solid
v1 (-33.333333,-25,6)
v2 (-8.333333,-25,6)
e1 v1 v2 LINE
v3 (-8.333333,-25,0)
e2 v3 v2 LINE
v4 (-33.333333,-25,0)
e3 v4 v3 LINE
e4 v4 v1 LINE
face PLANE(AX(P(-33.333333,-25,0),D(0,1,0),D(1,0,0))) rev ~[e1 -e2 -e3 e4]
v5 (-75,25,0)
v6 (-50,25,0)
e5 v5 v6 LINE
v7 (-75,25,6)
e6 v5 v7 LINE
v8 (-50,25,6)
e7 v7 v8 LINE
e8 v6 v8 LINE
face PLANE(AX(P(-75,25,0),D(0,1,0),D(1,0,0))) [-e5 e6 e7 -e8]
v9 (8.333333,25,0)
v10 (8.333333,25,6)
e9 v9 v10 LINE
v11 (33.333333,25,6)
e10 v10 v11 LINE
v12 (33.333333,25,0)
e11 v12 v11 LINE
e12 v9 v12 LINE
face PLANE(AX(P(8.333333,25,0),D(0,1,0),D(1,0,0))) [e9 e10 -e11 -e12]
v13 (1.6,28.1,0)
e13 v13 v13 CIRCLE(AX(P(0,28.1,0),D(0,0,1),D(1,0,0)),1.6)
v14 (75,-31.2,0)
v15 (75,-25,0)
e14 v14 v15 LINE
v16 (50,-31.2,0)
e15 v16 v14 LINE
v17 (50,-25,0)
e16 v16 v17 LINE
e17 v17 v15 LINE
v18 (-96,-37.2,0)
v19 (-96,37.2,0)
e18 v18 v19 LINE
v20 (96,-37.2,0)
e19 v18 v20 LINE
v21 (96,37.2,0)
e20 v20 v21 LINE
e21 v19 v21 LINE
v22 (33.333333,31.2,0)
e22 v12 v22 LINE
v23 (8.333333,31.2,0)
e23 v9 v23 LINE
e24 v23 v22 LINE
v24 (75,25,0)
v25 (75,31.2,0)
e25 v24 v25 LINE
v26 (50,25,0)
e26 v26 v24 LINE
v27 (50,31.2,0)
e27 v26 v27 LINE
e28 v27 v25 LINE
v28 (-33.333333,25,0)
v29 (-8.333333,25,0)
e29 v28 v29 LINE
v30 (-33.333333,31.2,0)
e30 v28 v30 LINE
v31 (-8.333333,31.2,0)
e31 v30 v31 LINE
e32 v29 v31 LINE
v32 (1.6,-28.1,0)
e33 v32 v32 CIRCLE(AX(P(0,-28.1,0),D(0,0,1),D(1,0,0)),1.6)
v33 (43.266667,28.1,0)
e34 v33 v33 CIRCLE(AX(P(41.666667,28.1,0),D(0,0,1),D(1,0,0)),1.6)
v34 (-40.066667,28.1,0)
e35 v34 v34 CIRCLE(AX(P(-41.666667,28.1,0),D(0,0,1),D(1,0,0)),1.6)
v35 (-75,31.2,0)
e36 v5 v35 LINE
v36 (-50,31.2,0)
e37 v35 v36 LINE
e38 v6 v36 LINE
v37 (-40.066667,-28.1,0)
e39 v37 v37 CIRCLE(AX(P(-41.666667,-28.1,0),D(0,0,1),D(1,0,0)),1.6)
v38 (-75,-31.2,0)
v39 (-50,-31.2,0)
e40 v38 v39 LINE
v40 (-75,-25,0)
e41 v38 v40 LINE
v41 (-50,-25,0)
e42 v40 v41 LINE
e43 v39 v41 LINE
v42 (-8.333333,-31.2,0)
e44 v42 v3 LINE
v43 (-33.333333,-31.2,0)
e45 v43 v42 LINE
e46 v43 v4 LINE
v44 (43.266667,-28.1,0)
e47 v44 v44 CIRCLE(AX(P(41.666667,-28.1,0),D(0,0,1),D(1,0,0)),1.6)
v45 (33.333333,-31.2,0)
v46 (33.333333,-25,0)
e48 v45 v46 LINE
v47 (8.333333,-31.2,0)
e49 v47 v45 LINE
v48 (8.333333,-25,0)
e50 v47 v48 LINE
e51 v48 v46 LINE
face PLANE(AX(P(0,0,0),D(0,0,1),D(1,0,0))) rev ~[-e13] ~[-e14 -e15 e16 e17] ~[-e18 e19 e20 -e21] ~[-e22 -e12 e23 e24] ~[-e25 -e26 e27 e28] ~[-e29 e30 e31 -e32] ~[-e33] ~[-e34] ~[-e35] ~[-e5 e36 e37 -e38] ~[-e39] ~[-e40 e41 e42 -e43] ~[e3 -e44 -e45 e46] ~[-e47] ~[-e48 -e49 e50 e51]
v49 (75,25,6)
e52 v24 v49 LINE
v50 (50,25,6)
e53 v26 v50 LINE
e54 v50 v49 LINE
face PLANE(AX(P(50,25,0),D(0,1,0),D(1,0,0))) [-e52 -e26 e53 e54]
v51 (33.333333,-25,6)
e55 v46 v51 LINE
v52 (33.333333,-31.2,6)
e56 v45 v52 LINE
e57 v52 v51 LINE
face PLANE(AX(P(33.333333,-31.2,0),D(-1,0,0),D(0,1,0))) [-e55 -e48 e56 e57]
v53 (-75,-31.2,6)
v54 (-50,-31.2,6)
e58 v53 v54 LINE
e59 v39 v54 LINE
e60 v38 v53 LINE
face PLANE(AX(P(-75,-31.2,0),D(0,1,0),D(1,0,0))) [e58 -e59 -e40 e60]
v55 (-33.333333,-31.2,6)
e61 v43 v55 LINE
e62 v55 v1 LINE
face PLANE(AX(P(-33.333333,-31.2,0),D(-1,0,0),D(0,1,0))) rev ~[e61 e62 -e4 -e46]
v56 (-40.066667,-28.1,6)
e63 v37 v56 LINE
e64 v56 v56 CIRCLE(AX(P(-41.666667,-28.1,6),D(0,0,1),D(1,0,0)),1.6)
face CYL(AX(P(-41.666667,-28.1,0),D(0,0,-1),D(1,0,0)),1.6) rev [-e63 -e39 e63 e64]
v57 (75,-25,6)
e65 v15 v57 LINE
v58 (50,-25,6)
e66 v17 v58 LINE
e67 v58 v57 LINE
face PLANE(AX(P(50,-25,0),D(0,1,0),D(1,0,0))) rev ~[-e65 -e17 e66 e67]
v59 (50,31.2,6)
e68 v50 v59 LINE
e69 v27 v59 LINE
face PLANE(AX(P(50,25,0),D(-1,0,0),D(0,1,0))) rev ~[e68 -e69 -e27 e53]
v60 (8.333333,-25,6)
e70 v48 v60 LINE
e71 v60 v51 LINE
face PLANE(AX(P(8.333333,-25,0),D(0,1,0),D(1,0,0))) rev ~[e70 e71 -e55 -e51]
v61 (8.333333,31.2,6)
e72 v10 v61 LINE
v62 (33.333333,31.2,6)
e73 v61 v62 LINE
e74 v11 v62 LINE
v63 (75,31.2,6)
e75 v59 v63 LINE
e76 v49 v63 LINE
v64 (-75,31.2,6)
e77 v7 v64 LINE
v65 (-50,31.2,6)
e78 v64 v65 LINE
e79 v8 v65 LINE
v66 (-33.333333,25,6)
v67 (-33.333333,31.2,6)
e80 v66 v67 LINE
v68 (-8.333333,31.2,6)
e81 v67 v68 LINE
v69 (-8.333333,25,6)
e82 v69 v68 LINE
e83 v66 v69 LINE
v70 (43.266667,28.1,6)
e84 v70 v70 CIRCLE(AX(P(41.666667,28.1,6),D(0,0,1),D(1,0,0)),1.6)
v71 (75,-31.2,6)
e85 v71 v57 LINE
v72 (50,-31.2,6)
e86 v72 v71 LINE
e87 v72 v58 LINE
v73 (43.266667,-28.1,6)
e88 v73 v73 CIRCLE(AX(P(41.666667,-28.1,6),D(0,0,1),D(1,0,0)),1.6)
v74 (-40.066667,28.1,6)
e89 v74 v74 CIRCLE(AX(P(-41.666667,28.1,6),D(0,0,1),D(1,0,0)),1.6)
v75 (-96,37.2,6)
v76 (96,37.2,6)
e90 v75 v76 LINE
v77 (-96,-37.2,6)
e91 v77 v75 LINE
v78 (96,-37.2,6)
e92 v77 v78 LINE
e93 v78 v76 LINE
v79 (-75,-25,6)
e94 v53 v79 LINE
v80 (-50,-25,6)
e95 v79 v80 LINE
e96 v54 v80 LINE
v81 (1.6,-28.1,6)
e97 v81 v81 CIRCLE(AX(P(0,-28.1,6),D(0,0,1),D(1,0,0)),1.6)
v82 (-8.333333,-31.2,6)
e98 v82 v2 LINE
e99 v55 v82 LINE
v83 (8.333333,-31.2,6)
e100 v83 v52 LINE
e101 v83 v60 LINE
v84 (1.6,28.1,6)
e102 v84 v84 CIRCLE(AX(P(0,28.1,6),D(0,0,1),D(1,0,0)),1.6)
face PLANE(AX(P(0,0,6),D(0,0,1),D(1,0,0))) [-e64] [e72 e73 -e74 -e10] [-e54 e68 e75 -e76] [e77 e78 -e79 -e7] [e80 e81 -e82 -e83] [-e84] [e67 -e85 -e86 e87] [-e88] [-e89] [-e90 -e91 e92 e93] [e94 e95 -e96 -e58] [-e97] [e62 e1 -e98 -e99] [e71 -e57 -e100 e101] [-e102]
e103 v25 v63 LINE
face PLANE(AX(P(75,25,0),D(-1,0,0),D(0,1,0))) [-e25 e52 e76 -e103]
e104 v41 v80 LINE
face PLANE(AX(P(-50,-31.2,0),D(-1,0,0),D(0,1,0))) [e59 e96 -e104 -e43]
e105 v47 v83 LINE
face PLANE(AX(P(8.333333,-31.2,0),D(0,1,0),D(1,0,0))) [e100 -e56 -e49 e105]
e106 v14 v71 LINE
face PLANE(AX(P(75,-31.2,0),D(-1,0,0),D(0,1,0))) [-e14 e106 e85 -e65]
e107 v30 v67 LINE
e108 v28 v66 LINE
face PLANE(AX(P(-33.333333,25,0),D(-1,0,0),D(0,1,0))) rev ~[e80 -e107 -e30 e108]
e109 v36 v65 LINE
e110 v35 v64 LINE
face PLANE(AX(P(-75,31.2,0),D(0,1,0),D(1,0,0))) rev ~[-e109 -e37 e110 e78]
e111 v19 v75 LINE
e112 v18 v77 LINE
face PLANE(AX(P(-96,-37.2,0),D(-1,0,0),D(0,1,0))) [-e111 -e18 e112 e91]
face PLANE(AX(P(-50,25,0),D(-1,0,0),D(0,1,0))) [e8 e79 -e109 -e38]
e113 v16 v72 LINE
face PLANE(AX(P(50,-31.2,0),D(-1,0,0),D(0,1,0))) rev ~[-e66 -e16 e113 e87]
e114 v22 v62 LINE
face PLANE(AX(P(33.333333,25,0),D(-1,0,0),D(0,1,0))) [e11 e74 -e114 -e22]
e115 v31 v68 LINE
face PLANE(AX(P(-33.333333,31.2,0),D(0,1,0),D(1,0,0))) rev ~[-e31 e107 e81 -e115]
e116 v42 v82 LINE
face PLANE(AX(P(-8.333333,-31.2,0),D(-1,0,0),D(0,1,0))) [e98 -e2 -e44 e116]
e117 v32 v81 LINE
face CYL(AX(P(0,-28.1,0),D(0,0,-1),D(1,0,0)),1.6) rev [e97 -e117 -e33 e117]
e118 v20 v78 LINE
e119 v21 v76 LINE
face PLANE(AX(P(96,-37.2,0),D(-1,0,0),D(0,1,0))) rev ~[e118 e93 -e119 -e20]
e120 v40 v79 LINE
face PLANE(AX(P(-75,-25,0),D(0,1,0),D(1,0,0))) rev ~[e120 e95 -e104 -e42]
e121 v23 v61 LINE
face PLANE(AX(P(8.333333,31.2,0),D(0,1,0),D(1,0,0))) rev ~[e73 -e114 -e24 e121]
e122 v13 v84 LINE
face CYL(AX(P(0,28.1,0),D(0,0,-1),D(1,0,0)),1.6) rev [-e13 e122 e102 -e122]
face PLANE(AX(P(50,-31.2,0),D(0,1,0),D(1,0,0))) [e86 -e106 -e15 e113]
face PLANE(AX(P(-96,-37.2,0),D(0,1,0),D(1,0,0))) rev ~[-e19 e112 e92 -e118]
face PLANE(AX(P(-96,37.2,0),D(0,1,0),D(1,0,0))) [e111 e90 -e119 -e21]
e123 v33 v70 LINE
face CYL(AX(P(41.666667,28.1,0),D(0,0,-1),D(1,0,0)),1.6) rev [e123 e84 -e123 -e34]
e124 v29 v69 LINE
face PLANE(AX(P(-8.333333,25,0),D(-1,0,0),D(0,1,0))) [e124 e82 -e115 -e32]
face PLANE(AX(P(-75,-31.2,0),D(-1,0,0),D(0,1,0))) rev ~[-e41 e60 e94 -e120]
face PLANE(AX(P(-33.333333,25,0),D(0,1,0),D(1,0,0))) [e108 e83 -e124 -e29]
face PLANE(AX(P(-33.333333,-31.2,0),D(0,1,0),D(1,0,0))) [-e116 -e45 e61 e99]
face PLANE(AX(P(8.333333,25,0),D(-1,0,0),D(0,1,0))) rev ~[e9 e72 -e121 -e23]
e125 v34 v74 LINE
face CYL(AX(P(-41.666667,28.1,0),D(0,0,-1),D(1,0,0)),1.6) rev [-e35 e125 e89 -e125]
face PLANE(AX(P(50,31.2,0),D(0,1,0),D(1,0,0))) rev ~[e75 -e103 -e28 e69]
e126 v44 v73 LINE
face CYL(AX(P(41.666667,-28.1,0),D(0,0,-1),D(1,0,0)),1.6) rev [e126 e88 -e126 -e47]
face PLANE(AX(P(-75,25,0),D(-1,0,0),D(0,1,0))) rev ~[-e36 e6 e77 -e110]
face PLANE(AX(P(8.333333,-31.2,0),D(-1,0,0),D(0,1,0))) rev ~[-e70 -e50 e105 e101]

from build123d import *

# Parameters (mm, degrees)
SKETCH1_W           = 192
SKETCH1_H           = 74.4
SKETCH1_R           = 1.6
SKETCH1_W_2         = 25
SKETCH1_H_2         = 6.2
BOSS_EXTRUDE1_DEPTH = 6


with BuildPart() as part:
    # Sketch1 → Boss-Extrude1 (new body)
    with BuildSketch(Plane.XY):
        Rectangle(SKETCH1_W, SKETCH1_H)
        with Locations((-41.666666667, -28.1)):
            Circle(SKETCH1_R, mode=Mode.SUBTRACT)
        with Locations((0, -28.1)):
            Circle(SKETCH1_R, mode=Mode.SUBTRACT)
        with Locations((41.666666667, -28.1)):
            Circle(SKETCH1_R, mode=Mode.SUBTRACT)
        with Locations((0, 28.1)):
            Circle(SKETCH1_R, mode=Mode.SUBTRACT)
        with Locations((41.666666667, 28.1)):
            Circle(SKETCH1_R, mode=Mode.SUBTRACT)
        with Locations((-41.666666667, 28.1)):
            Circle(SKETCH1_R, mode=Mode.SUBTRACT)
        with Locations((-20.833333333, -28.1)):
            Rectangle(SKETCH1_W_2, SKETCH1_H_2, mode=Mode.SUBTRACT)
        with Locations((-62.5, -28.1)):
            Rectangle(SKETCH1_W_2, SKETCH1_H_2, mode=Mode.SUBTRACT)
        with Locations((20.833333333, -28.1)):
            Rectangle(SKETCH1_W_2, SKETCH1_H_2, mode=Mode.SUBTRACT)
        with Locations((62.5, -28.1)):
            Rectangle(SKETCH1_W_2, SKETCH1_H_2, mode=Mode.SUBTRACT)
        with Locations((-62.5, 28.1)):
            Rectangle(SKETCH1_W_2, SKETCH1_H_2, mode=Mode.SUBTRACT)
        with Locations((-20.833333333, 28.1)):
            Rectangle(SKETCH1_W_2, SKETCH1_H_2, mode=Mode.SUBTRACT)
        with Locations((20.833333333, 28.1)):
            Rectangle(SKETCH1_W_2, SKETCH1_H_2, mode=Mode.SUBTRACT)
        with Locations((62.5, 28.1)):
            Rectangle(SKETCH1_W_2, SKETCH1_H_2, mode=Mode.SUBTRACT)
    extrude(amount=BOSS_EXTRUDE1_DEPTH)


solid = part.part
